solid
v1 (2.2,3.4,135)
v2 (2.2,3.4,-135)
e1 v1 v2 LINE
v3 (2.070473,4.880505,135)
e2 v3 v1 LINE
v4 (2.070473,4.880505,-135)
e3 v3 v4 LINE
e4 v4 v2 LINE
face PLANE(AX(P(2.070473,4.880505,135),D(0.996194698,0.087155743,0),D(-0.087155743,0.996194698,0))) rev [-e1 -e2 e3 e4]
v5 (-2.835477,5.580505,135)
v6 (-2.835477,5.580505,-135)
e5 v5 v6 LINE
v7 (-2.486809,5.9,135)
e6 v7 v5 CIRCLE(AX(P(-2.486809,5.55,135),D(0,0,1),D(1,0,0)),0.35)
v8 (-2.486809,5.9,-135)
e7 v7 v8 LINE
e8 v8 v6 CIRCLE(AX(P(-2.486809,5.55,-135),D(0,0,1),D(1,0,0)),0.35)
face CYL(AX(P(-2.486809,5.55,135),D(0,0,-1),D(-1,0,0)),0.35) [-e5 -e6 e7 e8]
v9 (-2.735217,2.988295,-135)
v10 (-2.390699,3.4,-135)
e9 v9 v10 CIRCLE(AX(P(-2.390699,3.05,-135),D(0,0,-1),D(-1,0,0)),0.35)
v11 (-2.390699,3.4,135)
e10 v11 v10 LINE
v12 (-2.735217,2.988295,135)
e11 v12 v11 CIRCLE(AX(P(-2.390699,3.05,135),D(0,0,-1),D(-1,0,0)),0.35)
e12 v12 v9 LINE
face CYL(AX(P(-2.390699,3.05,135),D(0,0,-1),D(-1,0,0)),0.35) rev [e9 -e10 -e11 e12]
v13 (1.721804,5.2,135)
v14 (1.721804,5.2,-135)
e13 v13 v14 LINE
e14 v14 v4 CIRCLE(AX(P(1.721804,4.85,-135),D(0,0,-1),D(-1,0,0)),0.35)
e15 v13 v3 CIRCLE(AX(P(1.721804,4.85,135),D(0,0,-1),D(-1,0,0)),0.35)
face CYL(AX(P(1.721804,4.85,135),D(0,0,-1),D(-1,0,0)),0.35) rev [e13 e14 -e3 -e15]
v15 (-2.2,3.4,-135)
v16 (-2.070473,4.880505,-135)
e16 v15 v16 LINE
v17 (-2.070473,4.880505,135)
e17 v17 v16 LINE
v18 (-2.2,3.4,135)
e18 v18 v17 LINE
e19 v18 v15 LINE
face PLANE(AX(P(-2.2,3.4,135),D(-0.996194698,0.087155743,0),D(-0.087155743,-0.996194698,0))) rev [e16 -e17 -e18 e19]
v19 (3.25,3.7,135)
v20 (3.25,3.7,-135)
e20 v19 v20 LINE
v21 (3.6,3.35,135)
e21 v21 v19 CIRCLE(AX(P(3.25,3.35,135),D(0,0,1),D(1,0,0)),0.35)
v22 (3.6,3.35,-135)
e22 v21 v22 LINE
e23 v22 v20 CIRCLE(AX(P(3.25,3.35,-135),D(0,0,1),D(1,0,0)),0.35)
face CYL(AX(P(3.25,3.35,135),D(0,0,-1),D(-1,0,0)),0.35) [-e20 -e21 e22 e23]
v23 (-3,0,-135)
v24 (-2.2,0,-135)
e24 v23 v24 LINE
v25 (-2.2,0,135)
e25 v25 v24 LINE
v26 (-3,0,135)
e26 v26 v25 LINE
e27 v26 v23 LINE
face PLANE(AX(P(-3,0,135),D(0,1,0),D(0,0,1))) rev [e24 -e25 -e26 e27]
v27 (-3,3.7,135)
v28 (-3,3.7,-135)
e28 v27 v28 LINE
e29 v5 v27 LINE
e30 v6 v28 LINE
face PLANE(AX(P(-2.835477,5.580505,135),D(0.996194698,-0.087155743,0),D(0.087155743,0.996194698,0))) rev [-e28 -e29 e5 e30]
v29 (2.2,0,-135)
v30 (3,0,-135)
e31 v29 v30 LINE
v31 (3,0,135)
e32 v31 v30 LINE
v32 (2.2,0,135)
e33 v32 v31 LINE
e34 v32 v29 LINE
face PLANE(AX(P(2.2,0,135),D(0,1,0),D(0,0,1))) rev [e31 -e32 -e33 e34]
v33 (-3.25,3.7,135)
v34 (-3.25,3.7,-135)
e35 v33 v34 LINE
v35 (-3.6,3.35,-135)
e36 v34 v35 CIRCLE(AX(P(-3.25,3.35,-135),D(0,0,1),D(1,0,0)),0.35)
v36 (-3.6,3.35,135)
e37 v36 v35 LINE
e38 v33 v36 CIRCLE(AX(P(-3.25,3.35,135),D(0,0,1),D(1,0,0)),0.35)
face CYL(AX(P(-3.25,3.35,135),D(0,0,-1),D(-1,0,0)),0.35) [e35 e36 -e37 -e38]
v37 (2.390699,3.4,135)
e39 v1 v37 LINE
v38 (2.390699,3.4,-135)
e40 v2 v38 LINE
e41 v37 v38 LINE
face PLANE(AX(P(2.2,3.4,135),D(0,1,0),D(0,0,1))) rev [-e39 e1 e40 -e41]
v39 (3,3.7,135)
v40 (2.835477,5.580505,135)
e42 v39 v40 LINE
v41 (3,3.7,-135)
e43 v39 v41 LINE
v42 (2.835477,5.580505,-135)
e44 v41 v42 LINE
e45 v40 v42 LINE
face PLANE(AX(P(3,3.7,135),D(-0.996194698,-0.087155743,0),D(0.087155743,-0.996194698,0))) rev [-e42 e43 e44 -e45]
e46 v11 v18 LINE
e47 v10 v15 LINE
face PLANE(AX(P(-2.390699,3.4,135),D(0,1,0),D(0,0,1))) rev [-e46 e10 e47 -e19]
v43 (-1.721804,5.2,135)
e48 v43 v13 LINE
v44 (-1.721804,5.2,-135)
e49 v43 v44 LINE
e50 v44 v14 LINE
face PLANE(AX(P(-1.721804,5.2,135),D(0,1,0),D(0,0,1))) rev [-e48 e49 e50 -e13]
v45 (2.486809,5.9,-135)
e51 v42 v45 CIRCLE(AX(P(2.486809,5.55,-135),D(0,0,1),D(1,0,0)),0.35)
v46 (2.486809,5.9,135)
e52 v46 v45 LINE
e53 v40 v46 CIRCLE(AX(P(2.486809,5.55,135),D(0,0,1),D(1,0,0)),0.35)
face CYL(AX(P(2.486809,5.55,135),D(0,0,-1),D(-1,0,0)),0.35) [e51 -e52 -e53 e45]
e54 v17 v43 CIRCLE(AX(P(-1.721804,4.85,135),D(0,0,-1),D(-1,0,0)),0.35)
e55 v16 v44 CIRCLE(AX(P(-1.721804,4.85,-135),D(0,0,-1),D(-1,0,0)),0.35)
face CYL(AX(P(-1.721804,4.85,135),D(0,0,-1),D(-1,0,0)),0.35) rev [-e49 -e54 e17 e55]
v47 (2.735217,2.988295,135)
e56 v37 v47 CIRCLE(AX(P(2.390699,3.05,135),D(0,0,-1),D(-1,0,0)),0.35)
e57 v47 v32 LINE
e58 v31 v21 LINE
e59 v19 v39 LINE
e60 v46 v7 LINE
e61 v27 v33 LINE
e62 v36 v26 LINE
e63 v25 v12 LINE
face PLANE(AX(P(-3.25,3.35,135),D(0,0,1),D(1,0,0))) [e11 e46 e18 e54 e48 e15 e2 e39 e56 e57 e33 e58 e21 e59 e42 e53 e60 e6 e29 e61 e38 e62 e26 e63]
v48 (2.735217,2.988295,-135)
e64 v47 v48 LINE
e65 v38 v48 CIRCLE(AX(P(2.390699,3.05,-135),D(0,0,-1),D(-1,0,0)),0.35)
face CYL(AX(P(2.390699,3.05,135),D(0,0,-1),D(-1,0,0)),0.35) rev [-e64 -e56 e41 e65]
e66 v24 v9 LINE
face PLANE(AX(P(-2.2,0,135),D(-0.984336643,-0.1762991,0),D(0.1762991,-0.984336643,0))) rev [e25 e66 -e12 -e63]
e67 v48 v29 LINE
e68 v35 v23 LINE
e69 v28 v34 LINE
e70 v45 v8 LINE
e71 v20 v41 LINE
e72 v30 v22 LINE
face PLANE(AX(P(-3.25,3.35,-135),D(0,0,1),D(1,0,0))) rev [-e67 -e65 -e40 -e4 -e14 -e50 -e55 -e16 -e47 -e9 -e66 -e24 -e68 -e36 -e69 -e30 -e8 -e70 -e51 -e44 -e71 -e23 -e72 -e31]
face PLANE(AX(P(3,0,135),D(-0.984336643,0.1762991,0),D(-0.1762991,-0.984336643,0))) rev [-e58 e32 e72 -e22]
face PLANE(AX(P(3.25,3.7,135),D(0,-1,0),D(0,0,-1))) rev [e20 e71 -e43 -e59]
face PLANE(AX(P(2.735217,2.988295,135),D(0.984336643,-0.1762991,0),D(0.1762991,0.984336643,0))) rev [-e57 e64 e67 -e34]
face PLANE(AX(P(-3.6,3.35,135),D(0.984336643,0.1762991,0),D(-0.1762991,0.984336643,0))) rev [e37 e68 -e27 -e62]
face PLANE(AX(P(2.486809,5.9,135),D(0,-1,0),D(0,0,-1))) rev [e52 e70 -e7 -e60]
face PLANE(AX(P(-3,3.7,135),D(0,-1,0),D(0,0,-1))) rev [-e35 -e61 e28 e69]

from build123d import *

# Parameters (mm, degrees)
BOSS_EXTRUDE1_DEPTH = 135


with BuildPart() as part:
    # Sketch1 → Boss-Extrude1 (new body, symmetric)
    with BuildSketch(Plane.XY):
        with BuildLine():
            Line((-3.6, 3.35), (-3, 0))
            Line((-3, 0), (-2.2, 0))
            Line((-2.2, 0), (-2.735217071, 2.988295315))
            ThreePointArc((-2.735217071, 2.988295315), (-2.659117427, 3.274614514), (-2.390699246, 3.4))
            Line((-2.390699246, 3.4), (-2.2, 3.4))
            Line((-2.2, 3.4), (-2.070472639, 4.88050451))
            ThreePointArc((-2.070472639, 4.88050451), (-1.958261067, 5.108047068), (-1.721804495, 5.2))
            Line((-1.721804495, 5.2), (1.721804495, 5.2))
            ThreePointArc((1.721804495, 5.2), (1.958261067, 5.108047068), (2.070472639, 4.88050451))
            Line((2.070472639, 4.88050451), (2.2, 3.4))
            Line((2.2, 3.4), (2.390699246, 3.4))
            ThreePointArc((2.390699246, 3.4), (2.659117427, 3.274614514), (2.735217071, 2.988295315))
            Line((2.735217071, 2.988295315), (2.2, 0))
            Line((2.2, 0), (3, 0))
            Line((3, 0), (3.6, 3.35))
            ThreePointArc((3.6, 3.35), (3.497487373, 3.597487373), (3.25, 3.7))
            Line((3.25, 3.7), (3, 3.7))
            Line((3, 3.7), (2.835477174, 5.58050451))
            ThreePointArc((2.835477174, 5.58050451), (2.723265602, 5.808047068), (2.486809029, 5.9))
            Line((2.486809029, 5.9), (-2.486809029, 5.9))
            ThreePointArc((-2.486809029, 5.9), (-2.723265602, 5.808047068), (-2.835477174, 5.58050451))
            Line((-2.835477174, 5.58050451), (-3, 3.7))
            Line((-3, 3.7), (-3.25, 3.7))
            ThreePointArc((-3.25, 3.7), (-3.497487373, 3.597487373), (-3.6, 3.35))
        make_face()
    extrude(amount=BOSS_EXTRUDE1_DEPTH, both=True)


solid = part.part
